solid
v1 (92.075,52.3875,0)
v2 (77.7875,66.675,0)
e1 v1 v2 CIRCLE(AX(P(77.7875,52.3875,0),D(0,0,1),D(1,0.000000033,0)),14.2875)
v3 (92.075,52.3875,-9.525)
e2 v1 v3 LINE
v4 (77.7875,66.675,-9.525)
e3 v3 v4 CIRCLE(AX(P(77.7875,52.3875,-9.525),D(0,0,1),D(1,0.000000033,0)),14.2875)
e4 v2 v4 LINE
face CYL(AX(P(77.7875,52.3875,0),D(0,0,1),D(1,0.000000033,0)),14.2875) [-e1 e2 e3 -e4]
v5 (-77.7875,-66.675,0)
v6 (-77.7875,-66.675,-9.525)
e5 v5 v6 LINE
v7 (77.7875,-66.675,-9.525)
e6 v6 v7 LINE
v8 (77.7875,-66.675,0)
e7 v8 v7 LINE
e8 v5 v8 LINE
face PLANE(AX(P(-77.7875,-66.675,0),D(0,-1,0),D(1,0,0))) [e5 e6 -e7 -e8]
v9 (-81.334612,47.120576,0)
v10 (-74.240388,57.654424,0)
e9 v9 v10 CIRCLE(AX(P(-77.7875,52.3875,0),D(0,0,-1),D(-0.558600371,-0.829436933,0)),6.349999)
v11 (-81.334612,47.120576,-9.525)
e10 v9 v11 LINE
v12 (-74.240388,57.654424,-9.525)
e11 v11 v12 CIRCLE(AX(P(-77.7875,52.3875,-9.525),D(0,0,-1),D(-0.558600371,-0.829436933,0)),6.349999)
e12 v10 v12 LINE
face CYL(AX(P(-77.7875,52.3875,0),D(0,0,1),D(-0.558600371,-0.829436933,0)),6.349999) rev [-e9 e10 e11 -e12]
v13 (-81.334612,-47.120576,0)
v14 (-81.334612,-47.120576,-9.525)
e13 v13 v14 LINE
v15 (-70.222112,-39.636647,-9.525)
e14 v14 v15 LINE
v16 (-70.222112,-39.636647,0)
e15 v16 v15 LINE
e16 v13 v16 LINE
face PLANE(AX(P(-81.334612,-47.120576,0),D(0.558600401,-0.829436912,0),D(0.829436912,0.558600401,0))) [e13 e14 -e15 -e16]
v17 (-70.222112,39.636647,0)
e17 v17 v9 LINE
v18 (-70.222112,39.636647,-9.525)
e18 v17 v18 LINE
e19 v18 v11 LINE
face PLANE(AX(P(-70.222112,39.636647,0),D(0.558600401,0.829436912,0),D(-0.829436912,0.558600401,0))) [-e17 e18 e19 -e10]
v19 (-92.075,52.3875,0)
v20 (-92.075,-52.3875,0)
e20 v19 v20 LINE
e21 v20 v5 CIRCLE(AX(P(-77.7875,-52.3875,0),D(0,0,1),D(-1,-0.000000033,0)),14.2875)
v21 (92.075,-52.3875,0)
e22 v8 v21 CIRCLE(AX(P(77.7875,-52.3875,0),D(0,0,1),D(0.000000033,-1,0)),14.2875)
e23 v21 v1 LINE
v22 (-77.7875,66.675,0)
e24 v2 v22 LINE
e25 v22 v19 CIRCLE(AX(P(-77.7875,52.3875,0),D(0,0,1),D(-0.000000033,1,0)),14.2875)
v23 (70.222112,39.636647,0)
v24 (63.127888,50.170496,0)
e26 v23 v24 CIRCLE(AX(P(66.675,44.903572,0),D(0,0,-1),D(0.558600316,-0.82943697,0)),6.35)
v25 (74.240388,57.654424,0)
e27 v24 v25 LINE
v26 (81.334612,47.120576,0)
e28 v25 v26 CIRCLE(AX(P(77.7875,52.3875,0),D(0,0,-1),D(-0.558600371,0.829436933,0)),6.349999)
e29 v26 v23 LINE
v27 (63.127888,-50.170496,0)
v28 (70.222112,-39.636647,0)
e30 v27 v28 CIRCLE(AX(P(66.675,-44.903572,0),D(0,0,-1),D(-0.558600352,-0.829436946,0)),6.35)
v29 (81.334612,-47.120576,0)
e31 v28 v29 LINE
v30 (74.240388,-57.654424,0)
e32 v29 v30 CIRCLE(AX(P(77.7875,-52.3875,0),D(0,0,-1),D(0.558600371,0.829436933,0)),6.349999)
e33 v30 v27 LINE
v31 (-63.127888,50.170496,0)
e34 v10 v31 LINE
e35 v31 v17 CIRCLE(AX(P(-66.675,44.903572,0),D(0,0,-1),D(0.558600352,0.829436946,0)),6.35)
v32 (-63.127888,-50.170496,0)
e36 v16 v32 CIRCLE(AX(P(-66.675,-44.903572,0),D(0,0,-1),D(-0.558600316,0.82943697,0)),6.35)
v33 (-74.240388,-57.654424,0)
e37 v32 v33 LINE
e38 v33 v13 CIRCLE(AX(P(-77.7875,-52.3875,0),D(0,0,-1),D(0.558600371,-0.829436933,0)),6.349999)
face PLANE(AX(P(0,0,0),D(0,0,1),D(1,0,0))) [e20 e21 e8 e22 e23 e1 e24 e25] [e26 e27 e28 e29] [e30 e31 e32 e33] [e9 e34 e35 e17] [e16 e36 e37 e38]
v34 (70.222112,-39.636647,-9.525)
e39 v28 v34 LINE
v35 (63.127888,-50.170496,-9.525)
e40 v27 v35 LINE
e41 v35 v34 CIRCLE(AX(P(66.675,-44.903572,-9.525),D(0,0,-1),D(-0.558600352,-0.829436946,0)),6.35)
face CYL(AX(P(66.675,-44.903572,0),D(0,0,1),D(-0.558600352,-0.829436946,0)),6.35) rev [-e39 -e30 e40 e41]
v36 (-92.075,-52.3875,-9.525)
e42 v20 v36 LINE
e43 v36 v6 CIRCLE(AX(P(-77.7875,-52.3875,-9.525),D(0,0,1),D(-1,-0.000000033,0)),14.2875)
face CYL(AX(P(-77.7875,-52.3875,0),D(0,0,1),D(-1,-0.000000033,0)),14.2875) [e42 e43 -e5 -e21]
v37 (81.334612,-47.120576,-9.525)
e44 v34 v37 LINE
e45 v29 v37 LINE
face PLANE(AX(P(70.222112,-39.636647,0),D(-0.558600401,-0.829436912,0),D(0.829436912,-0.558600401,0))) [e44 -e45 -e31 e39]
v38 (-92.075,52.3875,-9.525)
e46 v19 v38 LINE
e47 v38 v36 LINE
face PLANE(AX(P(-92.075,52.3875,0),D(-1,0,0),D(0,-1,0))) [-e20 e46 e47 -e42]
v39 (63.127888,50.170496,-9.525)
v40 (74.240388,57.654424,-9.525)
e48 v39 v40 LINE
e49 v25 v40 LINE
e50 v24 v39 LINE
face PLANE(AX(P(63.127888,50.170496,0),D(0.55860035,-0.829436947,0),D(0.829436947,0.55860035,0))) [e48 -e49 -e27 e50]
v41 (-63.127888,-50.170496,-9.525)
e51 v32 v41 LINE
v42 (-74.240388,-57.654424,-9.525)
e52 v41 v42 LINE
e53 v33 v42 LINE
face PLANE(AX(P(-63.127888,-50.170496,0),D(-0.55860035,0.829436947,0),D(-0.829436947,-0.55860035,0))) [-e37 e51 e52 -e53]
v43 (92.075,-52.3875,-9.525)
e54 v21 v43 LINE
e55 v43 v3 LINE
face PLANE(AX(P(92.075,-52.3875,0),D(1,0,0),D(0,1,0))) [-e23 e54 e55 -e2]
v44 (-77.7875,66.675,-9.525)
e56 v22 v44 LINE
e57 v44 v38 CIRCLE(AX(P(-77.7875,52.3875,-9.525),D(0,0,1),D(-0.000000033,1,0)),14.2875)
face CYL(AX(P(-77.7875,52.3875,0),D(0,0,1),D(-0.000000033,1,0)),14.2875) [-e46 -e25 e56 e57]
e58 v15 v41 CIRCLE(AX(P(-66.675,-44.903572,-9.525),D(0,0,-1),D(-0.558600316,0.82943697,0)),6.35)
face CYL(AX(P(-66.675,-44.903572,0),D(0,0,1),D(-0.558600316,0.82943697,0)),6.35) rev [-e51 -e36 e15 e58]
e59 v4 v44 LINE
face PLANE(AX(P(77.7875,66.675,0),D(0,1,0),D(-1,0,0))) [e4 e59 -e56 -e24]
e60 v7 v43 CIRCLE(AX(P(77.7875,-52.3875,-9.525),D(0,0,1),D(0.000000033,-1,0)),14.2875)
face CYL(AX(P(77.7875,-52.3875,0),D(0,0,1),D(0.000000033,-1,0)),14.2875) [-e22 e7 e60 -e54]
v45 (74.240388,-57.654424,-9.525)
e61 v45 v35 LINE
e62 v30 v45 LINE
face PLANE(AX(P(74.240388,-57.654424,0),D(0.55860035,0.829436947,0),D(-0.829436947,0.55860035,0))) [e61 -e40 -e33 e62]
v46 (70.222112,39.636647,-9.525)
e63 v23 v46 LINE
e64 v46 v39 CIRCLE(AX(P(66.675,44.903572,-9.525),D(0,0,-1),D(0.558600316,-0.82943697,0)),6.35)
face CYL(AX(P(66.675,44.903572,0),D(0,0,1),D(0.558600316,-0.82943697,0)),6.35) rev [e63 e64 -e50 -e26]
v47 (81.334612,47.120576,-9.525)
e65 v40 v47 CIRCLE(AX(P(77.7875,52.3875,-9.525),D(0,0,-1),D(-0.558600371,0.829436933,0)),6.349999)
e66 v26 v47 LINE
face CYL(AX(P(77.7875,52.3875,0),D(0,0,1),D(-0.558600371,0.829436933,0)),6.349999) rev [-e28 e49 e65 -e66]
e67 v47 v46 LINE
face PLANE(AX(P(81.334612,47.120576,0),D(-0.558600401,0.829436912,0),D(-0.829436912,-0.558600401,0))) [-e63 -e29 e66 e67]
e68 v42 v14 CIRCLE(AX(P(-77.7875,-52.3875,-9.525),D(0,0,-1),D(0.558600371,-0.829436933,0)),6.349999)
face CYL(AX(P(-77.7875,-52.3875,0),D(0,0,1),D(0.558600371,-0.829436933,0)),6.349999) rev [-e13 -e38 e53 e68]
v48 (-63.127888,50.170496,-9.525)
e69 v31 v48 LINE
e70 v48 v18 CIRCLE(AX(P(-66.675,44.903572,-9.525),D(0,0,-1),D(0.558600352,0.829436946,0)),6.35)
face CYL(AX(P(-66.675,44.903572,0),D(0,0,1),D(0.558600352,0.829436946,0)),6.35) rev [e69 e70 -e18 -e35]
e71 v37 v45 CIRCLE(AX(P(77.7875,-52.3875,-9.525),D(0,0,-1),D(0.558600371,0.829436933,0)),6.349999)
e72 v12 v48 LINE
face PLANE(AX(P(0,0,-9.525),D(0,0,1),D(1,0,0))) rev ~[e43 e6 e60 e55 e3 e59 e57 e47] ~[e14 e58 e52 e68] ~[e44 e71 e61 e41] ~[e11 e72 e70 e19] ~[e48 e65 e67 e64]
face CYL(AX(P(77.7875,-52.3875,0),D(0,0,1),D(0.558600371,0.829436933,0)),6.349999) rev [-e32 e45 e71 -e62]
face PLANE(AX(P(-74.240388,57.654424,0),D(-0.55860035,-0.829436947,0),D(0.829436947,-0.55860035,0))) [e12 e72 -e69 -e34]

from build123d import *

# Parameters (mm, degrees)
F1_DEPTH = 9.525


with BuildPart() as f1:
    # F0 (on Top) → F1 (new body)
    with BuildSketch(Plane.XY):
        with BuildLine():
            Line((-77.7875, -66.675), (77.7875, -66.675))
            ThreePointArc((77.7875, -66.675), (87.890288, -62.490288), (92.075, -52.3875))
            Line((92.075, -52.3875), (92.075, 52.3875))
            ThreePointArc((92.075, 52.3875), (87.890288, 62.490288), (77.7875, 66.675))
            Line((77.7875, 66.675), (-77.7875, 66.675))
            ThreePointArc((-77.7875, 66.675), (-87.890288, 62.490288), (-92.075, 52.3875))
            Line((-92.075, 52.3875), (-92.075, -52.3875))
            ThreePointArc((-92.075, -52.3875), (-87.890288, -62.490288), (-77.7875, -66.675))
        make_face()
        with BuildLine():
            ThreePointArc((-74.240388, -57.654424), (-83.054424, -55.934612), (-81.334612, -47.120576))
            Line((-81.334612, -47.120576), (-70.222112, -39.636647))
            ThreePointArc((-70.222112, -39.636647), (-61.408076, -41.356459), (-63.127888, -50.170496))
            Line((-63.127888, -50.170496), (-74.240388, -57.654424))
        make_face(mode=Mode.SUBTRACT)
        with BuildLine():
            ThreePointArc((81.334612, -47.120576), (83.054424, -55.934612), (74.240388, -57.654424))
            Line((74.240388, -57.654424), (63.127888, -50.170496))
            ThreePointArc((63.127888, -50.170496), (61.408076, -41.356459), (70.222112, -39.636647))
            Line((70.222112, -39.636647), (81.334612, -47.120576))
        make_face(mode=Mode.SUBTRACT)
        with BuildLine():
            ThreePointArc((-81.334612, 47.120576), (-83.054424, 55.934612), (-74.240388, 57.654424))
            Line((-74.240388, 57.654424), (-63.127888, 50.170496))
            ThreePointArc((-63.127888, 50.170496), (-61.408076, 41.356459), (-70.222112, 39.636647))
            Line((-70.222112, 39.636647), (-81.334612, 47.120576))
        make_face(mode=Mode.SUBTRACT)
        with BuildLine():
            ThreePointArc((74.240388, 57.654424), (83.054424, 55.934612), (81.334612, 47.120576))
            Line((81.334612, 47.120576), (70.222112, 39.636647))
            ThreePointArc((70.222112, 39.636647), (61.408076, 41.356459), (63.127888, 50.170496))
            Line((63.127888, 50.170496), (74.240388, 57.654424))
        make_face(mode=Mode.SUBTRACT)
    extrude(amount=-F1_DEPTH)


solid = f1.part
